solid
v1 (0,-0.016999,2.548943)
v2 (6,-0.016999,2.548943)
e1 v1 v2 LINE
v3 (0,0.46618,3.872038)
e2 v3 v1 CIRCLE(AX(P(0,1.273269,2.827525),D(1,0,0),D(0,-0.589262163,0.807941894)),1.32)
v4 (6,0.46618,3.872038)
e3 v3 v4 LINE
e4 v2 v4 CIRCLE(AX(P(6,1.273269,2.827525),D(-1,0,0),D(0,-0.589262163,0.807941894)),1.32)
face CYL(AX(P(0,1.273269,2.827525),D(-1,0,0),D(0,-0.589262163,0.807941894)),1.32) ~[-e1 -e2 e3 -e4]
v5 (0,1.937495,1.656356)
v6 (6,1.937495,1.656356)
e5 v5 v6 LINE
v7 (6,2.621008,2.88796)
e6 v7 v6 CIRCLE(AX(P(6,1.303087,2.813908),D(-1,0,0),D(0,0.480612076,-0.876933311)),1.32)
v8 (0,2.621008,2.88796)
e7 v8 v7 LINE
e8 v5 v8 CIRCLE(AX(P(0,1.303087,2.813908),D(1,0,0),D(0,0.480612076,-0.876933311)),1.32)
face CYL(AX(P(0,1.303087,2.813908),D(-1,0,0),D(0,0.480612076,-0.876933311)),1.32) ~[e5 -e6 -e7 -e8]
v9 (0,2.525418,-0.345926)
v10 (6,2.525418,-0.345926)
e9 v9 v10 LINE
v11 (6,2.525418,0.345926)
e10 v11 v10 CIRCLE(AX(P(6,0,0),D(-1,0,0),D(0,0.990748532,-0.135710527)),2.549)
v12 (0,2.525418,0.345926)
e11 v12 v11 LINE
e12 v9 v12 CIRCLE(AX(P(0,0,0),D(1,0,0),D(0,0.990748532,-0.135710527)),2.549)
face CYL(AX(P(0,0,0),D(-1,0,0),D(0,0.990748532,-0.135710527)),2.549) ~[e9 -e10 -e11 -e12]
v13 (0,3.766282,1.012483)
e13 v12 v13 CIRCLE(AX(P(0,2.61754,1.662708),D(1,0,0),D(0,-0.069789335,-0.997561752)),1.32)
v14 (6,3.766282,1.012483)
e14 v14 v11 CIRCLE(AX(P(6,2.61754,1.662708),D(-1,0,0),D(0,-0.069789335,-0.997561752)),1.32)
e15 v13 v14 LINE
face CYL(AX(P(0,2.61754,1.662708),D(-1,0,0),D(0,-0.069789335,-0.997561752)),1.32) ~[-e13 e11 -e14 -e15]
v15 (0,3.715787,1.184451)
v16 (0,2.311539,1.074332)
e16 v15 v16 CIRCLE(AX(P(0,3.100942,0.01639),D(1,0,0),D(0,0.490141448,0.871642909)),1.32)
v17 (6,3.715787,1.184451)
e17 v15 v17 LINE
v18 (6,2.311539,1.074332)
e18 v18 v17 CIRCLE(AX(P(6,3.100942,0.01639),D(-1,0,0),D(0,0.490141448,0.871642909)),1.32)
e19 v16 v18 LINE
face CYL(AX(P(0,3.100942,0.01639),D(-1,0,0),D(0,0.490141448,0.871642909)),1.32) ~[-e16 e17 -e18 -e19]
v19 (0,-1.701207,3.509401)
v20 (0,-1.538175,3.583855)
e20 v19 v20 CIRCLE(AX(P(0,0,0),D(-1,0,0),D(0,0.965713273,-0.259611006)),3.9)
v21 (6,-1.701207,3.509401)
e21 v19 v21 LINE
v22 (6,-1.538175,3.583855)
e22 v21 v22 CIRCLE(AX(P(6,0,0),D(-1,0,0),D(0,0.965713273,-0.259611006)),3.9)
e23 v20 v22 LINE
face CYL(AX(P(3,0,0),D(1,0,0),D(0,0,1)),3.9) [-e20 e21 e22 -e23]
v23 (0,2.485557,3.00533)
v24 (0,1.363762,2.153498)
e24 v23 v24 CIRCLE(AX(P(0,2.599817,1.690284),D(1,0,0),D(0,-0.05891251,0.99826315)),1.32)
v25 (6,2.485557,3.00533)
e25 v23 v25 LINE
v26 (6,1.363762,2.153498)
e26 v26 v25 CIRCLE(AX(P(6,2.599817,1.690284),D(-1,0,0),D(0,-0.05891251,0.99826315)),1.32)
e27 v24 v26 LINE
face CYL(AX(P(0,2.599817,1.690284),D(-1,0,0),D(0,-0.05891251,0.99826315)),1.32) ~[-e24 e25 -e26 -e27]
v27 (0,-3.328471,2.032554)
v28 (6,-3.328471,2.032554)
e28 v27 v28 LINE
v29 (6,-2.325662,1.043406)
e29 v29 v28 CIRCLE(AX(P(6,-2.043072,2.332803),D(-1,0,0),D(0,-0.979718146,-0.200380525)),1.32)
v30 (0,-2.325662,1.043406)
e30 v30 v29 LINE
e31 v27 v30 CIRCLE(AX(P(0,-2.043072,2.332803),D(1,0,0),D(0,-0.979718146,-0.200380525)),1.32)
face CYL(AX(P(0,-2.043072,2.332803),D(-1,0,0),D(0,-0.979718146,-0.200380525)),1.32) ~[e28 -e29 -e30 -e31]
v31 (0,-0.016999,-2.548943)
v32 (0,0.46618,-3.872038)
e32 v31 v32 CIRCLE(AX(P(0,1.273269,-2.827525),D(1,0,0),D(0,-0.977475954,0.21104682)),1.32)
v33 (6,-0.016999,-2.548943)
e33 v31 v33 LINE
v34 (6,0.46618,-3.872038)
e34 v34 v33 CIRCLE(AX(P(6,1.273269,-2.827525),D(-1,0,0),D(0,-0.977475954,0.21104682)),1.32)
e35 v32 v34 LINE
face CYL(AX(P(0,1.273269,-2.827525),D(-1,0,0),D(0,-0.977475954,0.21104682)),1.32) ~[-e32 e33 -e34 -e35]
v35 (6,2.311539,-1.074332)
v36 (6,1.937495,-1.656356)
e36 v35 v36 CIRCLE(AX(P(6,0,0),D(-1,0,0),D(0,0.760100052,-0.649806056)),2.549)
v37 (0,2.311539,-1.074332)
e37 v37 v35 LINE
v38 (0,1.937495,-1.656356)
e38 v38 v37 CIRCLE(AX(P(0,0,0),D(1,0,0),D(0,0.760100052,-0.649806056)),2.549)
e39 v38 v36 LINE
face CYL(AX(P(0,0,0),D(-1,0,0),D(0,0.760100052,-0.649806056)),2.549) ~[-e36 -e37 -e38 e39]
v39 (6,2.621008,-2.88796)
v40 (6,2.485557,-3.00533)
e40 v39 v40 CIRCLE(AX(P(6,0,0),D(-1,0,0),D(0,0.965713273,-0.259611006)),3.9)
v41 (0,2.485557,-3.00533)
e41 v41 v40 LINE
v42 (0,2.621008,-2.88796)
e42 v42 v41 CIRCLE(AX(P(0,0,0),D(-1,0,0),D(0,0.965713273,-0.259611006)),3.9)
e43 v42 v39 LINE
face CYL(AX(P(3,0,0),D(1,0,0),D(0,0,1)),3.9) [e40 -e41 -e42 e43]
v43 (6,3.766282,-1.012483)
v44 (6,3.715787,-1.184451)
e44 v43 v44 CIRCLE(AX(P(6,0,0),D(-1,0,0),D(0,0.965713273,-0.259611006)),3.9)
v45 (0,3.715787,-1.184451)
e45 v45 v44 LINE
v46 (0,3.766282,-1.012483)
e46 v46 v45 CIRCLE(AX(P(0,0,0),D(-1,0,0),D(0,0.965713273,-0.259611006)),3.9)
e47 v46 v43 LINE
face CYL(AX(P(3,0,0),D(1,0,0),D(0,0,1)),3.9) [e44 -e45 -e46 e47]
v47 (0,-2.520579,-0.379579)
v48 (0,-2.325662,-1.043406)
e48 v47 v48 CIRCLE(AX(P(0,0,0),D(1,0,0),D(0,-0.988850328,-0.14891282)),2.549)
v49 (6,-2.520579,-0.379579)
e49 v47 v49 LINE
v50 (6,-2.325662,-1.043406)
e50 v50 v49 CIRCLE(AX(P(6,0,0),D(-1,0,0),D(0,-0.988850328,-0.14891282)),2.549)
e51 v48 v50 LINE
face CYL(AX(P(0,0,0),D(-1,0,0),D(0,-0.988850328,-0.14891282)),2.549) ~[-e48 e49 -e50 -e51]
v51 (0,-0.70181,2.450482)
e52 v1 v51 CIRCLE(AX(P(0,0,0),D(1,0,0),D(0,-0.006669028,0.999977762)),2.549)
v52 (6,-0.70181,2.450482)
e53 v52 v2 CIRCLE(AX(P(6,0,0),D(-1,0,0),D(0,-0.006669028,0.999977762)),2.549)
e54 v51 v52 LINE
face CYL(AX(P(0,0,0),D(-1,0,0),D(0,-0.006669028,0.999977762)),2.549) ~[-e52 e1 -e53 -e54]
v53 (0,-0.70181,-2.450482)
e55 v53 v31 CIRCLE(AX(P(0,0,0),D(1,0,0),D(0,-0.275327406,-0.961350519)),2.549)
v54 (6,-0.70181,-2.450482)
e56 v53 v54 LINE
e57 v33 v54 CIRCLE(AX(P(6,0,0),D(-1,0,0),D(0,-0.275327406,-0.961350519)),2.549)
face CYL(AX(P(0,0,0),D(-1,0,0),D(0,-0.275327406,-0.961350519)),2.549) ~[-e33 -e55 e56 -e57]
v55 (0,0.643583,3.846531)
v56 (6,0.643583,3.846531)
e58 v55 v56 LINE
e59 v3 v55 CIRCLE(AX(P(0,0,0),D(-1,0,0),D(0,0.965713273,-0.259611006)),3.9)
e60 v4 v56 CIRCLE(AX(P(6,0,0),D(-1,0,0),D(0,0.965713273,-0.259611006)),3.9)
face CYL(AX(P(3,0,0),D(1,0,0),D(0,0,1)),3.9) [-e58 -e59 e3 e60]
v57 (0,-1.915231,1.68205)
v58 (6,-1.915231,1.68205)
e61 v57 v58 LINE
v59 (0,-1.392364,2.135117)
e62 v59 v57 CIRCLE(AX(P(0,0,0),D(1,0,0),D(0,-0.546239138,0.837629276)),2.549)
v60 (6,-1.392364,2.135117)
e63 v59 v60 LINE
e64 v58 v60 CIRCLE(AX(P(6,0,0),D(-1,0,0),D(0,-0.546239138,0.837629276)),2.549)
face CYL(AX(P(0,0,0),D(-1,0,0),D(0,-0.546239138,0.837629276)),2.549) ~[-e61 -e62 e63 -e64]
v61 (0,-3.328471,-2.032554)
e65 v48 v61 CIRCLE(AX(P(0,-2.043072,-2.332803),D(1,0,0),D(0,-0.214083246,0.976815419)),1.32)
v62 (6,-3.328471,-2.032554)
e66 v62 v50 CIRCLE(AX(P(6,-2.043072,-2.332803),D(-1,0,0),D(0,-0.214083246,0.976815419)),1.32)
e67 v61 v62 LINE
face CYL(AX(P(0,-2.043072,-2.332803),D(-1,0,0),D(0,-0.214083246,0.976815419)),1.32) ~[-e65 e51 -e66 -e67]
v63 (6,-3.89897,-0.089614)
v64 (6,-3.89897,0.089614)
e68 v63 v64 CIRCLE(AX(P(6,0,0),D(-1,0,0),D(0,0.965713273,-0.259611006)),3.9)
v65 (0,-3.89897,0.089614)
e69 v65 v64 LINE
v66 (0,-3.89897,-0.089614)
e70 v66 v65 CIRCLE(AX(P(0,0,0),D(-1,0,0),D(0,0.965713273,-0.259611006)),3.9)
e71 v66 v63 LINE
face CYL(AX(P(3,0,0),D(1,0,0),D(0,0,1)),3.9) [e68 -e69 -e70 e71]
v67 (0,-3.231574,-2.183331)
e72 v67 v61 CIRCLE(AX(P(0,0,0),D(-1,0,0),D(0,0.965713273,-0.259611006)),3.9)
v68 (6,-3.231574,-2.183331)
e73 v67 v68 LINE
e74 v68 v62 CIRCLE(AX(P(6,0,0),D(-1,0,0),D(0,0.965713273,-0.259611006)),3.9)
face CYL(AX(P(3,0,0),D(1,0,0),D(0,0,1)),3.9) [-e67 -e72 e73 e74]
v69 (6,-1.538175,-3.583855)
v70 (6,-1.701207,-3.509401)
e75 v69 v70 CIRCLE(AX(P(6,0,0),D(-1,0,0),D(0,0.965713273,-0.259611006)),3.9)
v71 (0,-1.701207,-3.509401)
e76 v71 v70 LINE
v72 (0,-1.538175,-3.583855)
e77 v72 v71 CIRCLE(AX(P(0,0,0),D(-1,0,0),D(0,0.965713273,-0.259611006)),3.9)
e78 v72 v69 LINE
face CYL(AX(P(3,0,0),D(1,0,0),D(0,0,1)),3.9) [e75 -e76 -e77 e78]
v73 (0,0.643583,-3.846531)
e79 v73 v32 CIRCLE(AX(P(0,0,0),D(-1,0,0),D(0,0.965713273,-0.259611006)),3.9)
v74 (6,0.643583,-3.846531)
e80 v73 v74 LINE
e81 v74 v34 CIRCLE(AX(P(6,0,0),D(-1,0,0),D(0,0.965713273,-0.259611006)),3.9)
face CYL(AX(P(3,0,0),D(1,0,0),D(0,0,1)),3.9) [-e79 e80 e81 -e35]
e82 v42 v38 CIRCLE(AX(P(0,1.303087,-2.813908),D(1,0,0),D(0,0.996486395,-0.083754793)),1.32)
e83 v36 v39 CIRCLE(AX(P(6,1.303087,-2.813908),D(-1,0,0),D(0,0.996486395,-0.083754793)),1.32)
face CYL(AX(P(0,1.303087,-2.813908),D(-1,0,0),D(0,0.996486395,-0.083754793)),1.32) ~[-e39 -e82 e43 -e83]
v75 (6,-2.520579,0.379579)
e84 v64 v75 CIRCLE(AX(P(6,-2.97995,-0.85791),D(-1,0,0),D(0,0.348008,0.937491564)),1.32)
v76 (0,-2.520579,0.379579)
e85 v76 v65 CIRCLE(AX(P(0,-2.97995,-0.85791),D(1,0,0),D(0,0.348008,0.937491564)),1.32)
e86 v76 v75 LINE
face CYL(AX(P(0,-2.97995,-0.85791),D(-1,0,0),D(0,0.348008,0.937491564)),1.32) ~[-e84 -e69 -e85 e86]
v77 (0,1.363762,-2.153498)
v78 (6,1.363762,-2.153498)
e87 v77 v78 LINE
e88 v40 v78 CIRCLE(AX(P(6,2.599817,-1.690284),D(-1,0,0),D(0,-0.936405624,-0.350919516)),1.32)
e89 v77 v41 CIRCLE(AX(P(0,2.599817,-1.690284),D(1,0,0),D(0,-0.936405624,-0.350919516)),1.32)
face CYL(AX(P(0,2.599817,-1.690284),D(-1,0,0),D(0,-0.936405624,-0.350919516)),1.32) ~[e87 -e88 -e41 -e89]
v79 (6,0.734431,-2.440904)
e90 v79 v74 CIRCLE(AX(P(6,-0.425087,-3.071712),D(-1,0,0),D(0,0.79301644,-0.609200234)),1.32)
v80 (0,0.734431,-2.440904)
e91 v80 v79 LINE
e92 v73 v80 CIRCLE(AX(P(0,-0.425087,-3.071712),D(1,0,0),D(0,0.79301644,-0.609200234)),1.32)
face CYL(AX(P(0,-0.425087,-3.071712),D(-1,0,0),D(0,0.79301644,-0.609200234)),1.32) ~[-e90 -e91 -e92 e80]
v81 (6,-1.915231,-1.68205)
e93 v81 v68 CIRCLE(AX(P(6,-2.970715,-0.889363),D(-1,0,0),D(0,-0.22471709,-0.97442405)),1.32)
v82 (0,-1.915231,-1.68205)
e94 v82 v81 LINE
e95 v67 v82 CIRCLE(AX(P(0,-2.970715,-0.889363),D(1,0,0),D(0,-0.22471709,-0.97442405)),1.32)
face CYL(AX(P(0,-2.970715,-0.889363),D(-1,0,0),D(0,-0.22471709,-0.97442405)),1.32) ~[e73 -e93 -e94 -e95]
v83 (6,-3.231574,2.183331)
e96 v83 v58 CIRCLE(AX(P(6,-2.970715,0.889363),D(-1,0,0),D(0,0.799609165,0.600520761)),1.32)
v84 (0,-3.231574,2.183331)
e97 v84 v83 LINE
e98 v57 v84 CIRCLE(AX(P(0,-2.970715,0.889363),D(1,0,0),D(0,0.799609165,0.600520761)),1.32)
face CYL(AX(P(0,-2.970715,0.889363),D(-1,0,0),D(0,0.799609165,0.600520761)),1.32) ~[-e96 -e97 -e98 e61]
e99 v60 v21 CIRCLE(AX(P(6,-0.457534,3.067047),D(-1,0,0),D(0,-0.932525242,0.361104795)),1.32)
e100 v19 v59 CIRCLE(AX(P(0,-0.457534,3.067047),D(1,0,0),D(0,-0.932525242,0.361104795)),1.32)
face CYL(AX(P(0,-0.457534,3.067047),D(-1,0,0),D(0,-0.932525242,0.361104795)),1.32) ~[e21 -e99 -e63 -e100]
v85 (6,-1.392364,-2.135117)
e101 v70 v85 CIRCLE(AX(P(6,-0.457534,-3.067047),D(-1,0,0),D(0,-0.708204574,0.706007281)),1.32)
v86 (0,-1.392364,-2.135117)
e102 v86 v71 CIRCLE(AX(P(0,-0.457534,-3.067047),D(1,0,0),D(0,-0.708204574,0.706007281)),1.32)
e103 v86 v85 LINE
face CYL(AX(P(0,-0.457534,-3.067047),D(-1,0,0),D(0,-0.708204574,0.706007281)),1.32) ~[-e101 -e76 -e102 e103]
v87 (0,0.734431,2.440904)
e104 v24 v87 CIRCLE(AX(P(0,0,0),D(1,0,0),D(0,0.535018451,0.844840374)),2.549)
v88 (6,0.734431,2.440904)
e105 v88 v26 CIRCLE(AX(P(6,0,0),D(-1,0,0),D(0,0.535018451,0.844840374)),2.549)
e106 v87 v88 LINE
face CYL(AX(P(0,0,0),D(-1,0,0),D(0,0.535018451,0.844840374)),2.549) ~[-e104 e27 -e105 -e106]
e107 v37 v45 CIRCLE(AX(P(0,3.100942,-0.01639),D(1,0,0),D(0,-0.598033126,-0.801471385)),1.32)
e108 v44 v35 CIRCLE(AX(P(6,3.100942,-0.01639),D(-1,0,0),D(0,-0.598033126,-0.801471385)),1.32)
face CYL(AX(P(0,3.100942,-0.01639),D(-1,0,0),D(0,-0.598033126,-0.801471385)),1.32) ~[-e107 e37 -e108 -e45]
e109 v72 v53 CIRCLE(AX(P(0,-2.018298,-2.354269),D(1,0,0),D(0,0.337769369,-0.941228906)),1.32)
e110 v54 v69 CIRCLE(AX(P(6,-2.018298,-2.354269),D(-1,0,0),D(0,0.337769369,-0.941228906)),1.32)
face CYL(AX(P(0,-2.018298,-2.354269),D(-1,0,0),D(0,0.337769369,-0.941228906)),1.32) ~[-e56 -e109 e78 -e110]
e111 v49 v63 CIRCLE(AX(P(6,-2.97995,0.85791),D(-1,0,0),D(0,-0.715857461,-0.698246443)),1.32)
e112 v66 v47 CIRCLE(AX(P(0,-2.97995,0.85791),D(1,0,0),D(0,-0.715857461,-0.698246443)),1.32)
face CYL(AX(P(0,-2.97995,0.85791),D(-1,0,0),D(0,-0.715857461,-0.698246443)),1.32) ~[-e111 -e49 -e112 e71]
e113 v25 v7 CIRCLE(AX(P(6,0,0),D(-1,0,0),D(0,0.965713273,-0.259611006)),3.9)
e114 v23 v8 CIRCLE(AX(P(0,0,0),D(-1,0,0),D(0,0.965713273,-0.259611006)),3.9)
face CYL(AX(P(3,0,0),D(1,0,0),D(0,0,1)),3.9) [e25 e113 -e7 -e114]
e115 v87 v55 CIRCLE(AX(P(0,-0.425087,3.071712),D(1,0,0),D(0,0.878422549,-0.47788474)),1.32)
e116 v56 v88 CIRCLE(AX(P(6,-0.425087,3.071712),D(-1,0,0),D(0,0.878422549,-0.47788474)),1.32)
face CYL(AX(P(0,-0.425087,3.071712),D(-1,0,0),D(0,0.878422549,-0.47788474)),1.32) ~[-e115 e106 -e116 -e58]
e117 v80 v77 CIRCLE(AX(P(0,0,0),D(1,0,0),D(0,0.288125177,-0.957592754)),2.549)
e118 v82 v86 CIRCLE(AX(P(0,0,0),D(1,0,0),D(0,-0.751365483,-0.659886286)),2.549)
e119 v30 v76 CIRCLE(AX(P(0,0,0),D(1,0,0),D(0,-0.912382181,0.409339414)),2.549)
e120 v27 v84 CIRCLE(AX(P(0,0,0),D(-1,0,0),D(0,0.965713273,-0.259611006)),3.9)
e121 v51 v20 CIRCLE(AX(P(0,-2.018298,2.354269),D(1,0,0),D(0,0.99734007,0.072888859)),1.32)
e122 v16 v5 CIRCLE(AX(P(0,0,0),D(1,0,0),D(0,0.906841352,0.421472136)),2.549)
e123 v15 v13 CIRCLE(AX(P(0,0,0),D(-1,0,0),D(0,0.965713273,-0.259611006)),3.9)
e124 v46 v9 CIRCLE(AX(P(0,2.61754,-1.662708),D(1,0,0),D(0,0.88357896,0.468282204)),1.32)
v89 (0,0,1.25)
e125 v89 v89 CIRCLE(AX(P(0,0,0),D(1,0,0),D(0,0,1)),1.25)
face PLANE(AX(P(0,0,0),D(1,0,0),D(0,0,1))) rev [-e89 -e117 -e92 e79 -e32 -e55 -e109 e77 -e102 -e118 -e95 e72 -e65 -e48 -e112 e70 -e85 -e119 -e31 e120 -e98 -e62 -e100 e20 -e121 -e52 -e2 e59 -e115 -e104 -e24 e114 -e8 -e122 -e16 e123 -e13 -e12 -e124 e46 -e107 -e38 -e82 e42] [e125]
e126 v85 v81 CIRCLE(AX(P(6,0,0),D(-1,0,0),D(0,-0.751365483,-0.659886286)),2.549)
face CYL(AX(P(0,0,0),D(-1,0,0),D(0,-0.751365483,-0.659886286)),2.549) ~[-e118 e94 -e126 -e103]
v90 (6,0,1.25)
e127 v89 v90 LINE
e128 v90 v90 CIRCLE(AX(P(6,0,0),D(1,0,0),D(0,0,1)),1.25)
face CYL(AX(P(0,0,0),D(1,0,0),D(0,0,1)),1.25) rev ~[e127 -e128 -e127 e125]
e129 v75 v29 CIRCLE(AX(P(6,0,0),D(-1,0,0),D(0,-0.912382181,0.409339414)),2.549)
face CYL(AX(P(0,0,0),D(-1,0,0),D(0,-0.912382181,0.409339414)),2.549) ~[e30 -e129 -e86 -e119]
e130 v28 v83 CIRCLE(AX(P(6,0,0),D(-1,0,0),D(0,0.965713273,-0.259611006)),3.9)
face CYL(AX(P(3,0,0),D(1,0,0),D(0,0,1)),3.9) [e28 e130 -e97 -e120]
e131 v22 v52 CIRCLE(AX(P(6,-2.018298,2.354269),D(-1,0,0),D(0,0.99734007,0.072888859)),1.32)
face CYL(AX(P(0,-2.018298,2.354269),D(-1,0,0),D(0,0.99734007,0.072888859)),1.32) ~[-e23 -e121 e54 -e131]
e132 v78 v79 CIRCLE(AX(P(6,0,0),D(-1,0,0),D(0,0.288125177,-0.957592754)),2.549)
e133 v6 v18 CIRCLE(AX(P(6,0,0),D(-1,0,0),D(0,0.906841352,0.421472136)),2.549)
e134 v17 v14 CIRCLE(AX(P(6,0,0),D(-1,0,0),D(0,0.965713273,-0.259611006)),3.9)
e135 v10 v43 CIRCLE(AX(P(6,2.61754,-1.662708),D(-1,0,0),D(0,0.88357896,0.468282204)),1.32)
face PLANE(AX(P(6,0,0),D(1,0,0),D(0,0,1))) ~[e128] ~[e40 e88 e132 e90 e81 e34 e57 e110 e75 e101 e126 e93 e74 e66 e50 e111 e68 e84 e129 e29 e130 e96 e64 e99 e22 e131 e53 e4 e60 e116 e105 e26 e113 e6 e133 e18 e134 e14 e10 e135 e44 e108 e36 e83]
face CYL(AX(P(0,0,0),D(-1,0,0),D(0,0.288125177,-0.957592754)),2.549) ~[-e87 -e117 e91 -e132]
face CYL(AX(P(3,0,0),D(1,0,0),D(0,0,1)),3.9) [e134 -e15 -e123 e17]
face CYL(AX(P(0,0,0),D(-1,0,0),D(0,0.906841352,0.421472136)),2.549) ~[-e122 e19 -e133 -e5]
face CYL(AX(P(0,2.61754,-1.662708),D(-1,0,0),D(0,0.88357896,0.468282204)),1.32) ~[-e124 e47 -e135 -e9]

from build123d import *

# Parameters (mm, degrees)
BASPROSKE_W     = 6
BASPROSKE_H     = 3.9
TOOTHCUT_DEPTH  = 9.149846624
TEETHCUTS_COUNT = 11
BORSKE_R        = 1.25
BORE_DEPTH      = 50.0001524


with BuildPart() as part:
    # BasProSke → Base-Revolve (revolve)
    with BuildSketch(Plane(origin=(0, 0, 0), x_dir=(1, 0, 0), z_dir=(0, 1, 0)), mode=Mode.PRIVATE) as base_revolve_sk:
        with Locations((3, 1.95)):
            Rectangle(BASPROSKE_W, BASPROSKE_H)
    revolve(base_revolve_sk.sketch.rotate(Axis((-10, 0, 0), (1, 0, 0)), 180), axis=Axis((-10, 0, 0), (1, 0, 0)))

    # TooCutSke → ToothCut (cut, through all)
    with BuildSketch(Plane(origin=(0, 0, 0), x_dir=(0, 0, -1), z_dir=(1, 0, 0))):
        with BuildLine():
            ThreePointArc((0.345926135, 2.525418007), (0, 2.549), (-0.345926135, 2.525418007))
            ThreePointArc((-0.345926135, 2.525418007), (-0.508630204, 3.258246769), (-1.044575138, 3.783864155))
            ThreePointArc((-1.044575138, 3.783864155), (0, 3.9254), (1.044575138, 3.783864155))
            ThreePointArc((1.044575138, 3.783864155), (0.508630204, 3.258246769), (0.345926135, 2.525418007))
        make_face()
    toothcut = extrude(amount=TOOTHCUT_DEPTH, mode=Mode.SUBTRACT)

    # TeethCuts: ToothCut ×11 about axis
    teethcuts_axis = Axis((0, 0, 0), (1, 0, 0))
    for i in range(1, TEETHCUTS_COUNT):
        add(toothcut.rotate(teethcuts_axis, i * 360 / TEETHCUTS_COUNT), mode=Mode.SUBTRACT)

    # BorSke → Bore (cut, symmetric)
    with BuildSketch(Plane(origin=(0, 0, 0), x_dir=(0, 0, -1), z_dir=(1, 0, 0))):
        with Locations(Location((0, 0, 0), (0, 0, 180))):
            Circle(BORSKE_R)
    extrude(amount=BORE_DEPTH, both=True, mode=Mode.SUBTRACT)


solid = part.part
